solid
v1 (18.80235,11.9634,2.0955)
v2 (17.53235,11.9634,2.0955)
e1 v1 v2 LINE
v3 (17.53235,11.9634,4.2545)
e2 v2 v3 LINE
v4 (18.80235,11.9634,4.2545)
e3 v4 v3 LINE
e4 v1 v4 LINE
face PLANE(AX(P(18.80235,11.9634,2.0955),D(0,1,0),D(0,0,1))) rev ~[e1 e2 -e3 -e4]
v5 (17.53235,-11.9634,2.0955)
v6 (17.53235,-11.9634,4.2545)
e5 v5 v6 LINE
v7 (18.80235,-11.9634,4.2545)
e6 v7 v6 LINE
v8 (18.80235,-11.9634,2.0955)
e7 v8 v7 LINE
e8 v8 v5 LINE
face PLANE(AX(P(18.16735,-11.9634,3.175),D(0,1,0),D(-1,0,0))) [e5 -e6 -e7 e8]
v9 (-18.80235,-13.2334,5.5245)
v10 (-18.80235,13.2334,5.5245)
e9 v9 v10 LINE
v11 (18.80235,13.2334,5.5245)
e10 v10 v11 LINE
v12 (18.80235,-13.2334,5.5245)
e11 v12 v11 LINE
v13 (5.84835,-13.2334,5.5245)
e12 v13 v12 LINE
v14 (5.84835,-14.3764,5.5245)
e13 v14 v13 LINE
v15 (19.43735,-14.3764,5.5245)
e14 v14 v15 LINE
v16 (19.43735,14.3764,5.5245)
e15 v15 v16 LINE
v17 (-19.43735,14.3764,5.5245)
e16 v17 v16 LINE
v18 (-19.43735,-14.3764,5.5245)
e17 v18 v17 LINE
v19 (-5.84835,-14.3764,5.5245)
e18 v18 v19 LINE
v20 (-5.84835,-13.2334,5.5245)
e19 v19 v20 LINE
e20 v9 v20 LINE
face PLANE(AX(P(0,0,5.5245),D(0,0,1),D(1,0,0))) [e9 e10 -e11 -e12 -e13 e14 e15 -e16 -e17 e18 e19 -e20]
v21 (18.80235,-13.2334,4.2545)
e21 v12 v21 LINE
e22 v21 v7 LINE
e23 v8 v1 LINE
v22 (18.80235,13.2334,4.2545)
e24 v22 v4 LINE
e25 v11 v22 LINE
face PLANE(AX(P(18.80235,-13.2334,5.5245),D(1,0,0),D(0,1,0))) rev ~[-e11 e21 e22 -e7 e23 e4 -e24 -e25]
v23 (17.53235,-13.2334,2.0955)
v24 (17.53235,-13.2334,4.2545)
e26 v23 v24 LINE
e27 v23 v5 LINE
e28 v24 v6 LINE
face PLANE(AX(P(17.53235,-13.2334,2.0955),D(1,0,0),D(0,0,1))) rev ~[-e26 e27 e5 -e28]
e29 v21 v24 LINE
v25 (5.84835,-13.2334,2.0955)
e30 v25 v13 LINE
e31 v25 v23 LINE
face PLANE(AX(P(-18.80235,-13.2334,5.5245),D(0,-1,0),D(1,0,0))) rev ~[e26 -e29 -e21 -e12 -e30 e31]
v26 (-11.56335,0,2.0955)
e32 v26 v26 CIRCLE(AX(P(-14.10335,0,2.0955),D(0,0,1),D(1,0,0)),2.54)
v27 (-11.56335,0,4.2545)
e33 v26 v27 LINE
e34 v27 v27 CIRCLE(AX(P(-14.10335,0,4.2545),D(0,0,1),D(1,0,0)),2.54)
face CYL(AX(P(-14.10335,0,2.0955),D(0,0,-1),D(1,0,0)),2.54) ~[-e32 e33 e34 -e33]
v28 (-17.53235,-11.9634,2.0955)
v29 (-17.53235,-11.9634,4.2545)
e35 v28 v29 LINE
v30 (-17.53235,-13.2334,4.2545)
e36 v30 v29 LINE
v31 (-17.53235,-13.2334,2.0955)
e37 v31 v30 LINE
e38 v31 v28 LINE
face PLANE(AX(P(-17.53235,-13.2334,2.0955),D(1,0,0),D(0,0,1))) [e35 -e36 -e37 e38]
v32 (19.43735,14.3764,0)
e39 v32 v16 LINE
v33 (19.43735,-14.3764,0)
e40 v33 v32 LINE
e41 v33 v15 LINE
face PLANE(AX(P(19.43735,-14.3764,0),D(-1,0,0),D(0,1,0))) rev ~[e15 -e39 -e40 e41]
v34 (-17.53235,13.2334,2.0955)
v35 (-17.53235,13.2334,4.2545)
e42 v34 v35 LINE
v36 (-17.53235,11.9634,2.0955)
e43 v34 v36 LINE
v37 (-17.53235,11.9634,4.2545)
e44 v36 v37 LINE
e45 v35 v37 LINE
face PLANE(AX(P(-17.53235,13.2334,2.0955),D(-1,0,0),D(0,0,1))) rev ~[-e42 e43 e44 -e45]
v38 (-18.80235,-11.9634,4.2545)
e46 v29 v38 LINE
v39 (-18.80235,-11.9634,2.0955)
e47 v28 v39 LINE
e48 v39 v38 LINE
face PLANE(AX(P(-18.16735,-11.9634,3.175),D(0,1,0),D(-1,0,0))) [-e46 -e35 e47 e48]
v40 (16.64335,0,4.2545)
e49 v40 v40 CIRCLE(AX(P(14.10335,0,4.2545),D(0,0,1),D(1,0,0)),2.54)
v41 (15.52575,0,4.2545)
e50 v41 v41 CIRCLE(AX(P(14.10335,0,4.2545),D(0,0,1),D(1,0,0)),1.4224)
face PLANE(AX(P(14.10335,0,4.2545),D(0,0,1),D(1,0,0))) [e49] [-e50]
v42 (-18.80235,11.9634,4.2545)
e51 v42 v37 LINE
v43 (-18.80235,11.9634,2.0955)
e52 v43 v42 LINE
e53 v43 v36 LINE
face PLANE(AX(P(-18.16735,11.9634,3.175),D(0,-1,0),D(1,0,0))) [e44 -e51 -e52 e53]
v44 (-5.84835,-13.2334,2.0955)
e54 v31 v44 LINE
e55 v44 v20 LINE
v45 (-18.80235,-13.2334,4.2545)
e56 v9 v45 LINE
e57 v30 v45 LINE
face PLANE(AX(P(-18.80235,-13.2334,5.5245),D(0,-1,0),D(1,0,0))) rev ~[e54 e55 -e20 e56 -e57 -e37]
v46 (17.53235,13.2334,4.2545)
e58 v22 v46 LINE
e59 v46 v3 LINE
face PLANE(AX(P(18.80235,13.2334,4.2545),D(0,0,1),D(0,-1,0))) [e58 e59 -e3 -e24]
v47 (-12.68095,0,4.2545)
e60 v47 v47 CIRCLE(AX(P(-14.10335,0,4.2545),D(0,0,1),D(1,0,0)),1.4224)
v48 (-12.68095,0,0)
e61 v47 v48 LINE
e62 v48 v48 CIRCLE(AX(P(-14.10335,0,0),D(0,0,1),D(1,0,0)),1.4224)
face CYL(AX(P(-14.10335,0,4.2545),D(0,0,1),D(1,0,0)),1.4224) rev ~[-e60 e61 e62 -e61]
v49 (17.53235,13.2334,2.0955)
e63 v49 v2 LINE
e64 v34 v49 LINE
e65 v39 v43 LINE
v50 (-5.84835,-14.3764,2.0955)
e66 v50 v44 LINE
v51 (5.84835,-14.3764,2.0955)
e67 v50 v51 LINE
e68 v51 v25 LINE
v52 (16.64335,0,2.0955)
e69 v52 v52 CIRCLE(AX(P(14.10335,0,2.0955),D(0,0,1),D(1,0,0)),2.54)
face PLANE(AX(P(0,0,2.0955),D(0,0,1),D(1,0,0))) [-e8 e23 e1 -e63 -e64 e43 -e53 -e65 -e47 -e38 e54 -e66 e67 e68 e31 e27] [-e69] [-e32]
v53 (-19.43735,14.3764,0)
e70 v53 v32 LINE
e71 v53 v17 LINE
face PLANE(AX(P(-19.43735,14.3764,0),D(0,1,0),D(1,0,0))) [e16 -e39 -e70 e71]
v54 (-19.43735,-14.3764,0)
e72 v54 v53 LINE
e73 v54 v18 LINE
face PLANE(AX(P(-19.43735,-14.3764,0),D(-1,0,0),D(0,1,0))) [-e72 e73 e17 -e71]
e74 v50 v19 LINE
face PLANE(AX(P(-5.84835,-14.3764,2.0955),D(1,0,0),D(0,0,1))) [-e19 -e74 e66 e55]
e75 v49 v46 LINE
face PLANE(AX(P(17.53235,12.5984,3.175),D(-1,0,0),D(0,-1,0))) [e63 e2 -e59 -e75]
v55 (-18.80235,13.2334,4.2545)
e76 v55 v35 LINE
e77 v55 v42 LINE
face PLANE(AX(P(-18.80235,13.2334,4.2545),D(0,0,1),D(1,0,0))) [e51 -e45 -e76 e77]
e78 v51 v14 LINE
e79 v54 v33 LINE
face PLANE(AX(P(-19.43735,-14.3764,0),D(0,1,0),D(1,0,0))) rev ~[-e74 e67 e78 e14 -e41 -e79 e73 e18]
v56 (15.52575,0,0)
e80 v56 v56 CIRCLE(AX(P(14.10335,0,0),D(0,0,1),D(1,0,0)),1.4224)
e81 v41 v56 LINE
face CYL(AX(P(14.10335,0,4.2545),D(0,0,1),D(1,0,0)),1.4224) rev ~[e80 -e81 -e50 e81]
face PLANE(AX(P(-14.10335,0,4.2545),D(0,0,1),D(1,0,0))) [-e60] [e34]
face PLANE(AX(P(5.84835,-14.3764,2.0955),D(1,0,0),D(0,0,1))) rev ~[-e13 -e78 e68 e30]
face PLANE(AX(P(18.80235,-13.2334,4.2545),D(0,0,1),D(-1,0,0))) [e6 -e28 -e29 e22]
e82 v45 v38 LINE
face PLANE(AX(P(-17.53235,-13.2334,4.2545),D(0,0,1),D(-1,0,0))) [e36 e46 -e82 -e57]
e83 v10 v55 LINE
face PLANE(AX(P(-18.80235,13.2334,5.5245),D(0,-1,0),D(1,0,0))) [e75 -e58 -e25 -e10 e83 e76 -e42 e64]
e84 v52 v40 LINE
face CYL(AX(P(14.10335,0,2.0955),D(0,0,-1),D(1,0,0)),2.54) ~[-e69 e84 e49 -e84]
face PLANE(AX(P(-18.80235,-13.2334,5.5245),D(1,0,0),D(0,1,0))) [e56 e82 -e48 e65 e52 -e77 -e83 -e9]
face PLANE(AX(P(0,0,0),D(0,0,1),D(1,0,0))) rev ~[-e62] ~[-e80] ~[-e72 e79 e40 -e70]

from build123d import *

# Parameters (mm, degrees)
F0_W      = 38.8747
F0_H      = 28.7528
F1_DEPTH  = 5.5245
F2_W      = 37.6047
F2_H      = 26.4668
F3_DEPTH  = 3.429
F4_W      = 1.27
F4_H      = 2.159
F5_DEPTH  = 1.27
F6_W      = 1.27
F6_H      = 2.159
F7_DEPTH  = 1.27
F8_W      = 1.27
F8_H      = 2.159
F9_DEPTH  = 1.27
F10_W     = 1.27
F10_H     = 2.159
F11_DEPTH = 1.27
F12_R     = 2.54
F13_DEPTH = 2.159
F14_R     = 1.4224
F15_DEPTH = 4.2555
F16_R     = 2.54
F17_DEPTH = 2.159
F18_R     = 1.4224
F19_DEPTH = 4.2555
F20_W     = 11.6967
F20_H     = 3.429
F21_DEPTH = 2.032


with BuildPart() as f1:
    # F0 (on Top) → F1 (new body)
    with BuildSketch(Plane.XY):
        Rectangle(F0_W, F0_H)
    extrude(amount=F1_DEPTH)

    # F2 (on face) → F3 (cut)
    with BuildSketch(Plane.XY.offset(5.5245)):
        Rectangle(F2_W, F2_H)
    extrude(amount=-F3_DEPTH, mode=Mode.SUBTRACT)

    # F4 (on face) → F5 (join)
    with BuildSketch(Plane.XZ.offset(-13.2334)):
        with Locations((-18.16735, 3.175)):
            Rectangle(F4_W, F4_H)
    extrude(amount=F5_DEPTH)

    # F6 (on face) → F7 (join)
    with BuildSketch(Plane(origin=(18.80235, 0, 0), x_dir=(0, -1, 0), z_dir=(-1, 0, 0))):
        with Locations((-12.5984, 3.175)):
            Rectangle(F6_W, F6_H)
    extrude(amount=F7_DEPTH)

    # F8 (on face) → F9 (join)
    with BuildSketch(Plane(origin=(0, -13.2334, 0), x_dir=(-1, 0, 0), z_dir=(0, 1, 0))):
        with Locations((-18.16735, 3.175)):
            Rectangle(F8_W, F8_H)
    extrude(amount=F9_DEPTH)

    # F10 (on face) → F11 (join)
    with BuildSketch(Plane(origin=(0, -13.2334, 0), x_dir=(-1, 0, 0), z_dir=(0, 1, 0))):
        with Locations((18.16735, 3.175)):
            Rectangle(F10_W, F10_H)
    extrude(amount=F11_DEPTH)

    # F12 (on face) → F13 (join)
    with BuildSketch(Plane.XY.offset(2.0955)):
        with Locations((-14.10335, 0)):
            Circle(F12_R)
    extrude(amount=F13_DEPTH)

    # F14 (on face) → F15 (cut, through all)
    with BuildSketch(Plane.XY.offset(4.2545)):
        with Locations((-14.10335, 0)):
            Circle(F14_R)
    extrude(amount=-F15_DEPTH, mode=Mode.SUBTRACT)

    # F16 (on face) → F17 (join)
    with BuildSketch(Plane.XY.offset(2.0955)):
        with Locations((14.10335, 0)):
            Circle(F16_R)
    extrude(amount=F17_DEPTH)

    # F18 (on face) → F19 (cut, through all)
    with BuildSketch(Plane.XY.offset(4.2545)):
        with Locations((14.10335, 0)):
            Circle(F18_R)
    extrude(amount=-F19_DEPTH, mode=Mode.SUBTRACT)

    # F20 (on face) → F21 (cut)
    with BuildSketch(Plane.XZ.offset(14.3764)):
        with Locations((0, 3.81)):
            Rectangle(F20_W, F20_H)
    extrude(amount=-F21_DEPTH, mode=Mode.SUBTRACT)


solid = f1.part
